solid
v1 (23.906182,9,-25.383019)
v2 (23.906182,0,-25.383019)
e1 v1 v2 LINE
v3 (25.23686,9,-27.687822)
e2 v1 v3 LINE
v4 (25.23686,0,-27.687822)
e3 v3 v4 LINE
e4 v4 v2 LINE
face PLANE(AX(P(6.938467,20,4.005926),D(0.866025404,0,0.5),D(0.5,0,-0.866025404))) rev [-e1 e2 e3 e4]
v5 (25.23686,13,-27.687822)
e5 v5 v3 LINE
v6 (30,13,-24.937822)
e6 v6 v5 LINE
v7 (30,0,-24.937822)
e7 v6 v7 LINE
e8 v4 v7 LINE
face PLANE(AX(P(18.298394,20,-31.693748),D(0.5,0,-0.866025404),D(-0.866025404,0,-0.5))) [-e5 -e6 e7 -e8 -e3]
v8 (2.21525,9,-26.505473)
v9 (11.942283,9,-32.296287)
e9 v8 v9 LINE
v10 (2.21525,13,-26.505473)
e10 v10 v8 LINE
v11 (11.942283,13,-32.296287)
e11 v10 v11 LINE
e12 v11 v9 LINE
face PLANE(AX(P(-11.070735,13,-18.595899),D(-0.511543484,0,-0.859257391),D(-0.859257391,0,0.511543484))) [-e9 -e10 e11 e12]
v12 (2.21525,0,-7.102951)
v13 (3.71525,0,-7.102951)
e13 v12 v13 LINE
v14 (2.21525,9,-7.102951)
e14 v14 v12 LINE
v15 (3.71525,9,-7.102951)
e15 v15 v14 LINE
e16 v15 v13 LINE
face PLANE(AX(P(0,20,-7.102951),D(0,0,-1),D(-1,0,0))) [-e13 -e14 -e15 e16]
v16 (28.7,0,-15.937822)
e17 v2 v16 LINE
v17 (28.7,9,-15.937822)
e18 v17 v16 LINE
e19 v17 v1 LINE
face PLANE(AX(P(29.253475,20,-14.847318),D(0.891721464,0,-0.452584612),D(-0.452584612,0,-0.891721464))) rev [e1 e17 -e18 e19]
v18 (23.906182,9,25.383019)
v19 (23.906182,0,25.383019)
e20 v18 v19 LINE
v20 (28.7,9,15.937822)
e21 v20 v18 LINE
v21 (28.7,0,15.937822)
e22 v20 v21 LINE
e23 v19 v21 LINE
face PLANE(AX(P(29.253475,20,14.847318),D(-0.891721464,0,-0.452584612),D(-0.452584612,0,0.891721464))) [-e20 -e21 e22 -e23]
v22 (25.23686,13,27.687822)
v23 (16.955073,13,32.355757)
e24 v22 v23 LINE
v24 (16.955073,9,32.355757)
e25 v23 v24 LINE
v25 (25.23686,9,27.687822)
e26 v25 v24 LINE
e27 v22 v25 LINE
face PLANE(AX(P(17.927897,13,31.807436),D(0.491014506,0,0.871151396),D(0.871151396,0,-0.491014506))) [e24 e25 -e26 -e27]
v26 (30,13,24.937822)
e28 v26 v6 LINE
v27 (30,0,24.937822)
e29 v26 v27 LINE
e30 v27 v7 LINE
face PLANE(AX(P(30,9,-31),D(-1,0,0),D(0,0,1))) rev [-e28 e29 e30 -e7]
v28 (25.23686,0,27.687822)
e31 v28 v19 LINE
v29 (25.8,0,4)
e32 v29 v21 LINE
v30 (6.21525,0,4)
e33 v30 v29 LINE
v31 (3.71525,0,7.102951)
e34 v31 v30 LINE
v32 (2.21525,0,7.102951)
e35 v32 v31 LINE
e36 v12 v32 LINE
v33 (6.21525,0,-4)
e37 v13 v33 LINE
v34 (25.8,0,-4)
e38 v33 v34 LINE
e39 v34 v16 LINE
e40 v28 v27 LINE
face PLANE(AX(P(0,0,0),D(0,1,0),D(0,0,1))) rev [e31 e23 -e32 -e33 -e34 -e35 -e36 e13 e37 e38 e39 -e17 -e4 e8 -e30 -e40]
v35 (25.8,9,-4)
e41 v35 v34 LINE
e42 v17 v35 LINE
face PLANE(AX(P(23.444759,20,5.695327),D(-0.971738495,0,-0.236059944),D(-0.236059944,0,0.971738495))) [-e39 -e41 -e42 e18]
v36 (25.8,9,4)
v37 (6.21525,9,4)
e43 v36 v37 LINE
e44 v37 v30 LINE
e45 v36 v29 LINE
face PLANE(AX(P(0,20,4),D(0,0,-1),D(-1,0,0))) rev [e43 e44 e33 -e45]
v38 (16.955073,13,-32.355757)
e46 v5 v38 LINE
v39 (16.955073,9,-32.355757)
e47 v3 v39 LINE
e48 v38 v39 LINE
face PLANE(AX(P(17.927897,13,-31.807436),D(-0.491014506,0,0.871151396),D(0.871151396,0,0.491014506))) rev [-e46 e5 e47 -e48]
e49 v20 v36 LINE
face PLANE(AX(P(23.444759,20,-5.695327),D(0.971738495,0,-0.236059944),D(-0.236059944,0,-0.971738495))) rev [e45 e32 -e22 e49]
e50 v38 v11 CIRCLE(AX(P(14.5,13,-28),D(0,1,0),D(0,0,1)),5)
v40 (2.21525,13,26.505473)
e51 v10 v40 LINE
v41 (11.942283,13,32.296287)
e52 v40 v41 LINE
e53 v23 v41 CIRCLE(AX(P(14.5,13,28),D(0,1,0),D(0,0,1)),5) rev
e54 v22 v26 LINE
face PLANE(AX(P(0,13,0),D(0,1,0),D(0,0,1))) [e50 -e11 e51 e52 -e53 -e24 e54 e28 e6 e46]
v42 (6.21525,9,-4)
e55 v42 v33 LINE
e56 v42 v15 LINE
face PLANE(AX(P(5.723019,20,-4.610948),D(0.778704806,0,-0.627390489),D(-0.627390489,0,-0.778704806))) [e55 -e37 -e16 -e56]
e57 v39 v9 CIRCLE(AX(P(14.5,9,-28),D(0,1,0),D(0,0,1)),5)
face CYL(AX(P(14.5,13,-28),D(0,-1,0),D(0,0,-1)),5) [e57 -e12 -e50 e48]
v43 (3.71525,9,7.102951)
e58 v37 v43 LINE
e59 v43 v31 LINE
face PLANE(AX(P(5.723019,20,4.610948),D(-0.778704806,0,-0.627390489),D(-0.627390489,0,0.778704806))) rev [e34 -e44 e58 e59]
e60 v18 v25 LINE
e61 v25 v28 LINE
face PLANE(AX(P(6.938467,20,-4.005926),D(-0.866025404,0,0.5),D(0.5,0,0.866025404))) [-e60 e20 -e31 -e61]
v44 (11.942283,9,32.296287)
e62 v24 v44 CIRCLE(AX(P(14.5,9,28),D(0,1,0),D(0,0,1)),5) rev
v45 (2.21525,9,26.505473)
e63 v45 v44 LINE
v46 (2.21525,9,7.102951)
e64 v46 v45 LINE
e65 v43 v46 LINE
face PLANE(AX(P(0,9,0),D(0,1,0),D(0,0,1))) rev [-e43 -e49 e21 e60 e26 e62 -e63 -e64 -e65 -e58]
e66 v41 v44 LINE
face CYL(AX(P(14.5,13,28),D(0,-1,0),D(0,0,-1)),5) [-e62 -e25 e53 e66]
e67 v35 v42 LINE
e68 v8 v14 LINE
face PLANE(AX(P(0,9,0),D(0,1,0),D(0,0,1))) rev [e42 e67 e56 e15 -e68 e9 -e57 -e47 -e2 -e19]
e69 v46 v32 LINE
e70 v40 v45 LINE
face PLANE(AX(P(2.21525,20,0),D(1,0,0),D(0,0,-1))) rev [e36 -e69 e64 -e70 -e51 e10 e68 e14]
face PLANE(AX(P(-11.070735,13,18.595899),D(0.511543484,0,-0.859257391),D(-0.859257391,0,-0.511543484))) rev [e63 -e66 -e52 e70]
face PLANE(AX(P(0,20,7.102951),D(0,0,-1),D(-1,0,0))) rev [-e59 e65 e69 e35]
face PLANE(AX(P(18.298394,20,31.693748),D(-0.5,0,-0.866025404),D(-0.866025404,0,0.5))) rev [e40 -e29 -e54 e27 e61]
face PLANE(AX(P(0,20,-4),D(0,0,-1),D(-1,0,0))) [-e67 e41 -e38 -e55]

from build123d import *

# Parameters (mm, degrees)
SKETCH_1_W          = 60
SKETCH_1_H          = 62
EXTRUDE_1_DEPTH     = 9
CUT_EXTRUDE_1_DEPTH = 20
SKETCH_3_R          = 5
EXTRUDE_2_DEPTH     = 4


with BuildPart() as part:
    # 草图1 → 凸台-拉伸1 (new body)
    with BuildSketch(Plane(origin=(0, 0, 0), x_dir=(1, 0, 0), z_dir=(0, 1, 0))):
        Rectangle(SKETCH_1_W, SKETCH_1_H)
    extrude(amount=EXTRUDE_1_DEPTH)

    # 草图2 → 切除-拉伸1 (cut)
    with BuildSketch(Plane.XZ):
        Polygon((6.215250205, 4), (25.8, 4), (28.7, 15.937822174), (23.906181585, 25.383019067), (25.236860279, 27.687822174), (30, 24.937822174), (30, 31), (-30, 31), (-30, -31), (30, -31), (30, -24.937822174), (25.236860279, -27.687822174), (23.906181585, -25.383019067), (28.7, -15.937822174), (25.8, -4), (6.215250205, -4), (3.715250205, -7.102951113), (2.215250205, -7.102951113), (2.215250205, 0), (2.215250205, 7.102951113), (3.715250205, 7.102951113), align=None)
    extrude(amount=-CUT_EXTRUDE_1_DEPTH, mode=Mode.SUBTRACT)

    # 草图3 → 凸台-拉伸2 (add)
    with BuildSketch(Plane(origin=(0, 9, 0), x_dir=(1, 0, 0), z_dir=(0, 1, 0))):
        Polygon((2.215250205, 0), (30, 0), (30, 24.937822174), (25.236860279, 27.687822174), (23.906181585, 25.383019067), (28.7, 15.937822174), (25.8, 4), (6.215250205, 4), (3.715250205, 7.102951113), (2.215250205, 7.102951113), align=None)
        with BuildLine():
            Line((23.906181585, 25.383019067), (25.236860279, 27.687822174))
            Line((25.236860279, 27.687822174), (16.955072532, 32.35575698))
            ThreePointArc((16.955072532, 32.35575698), (18.817138095, 30.522363707), (19.5, 28))
            ThreePointArc((19.5, 28), (12.029027225, 23.65324333), (11.942282582, 32.296286956))
            Line((11.942282582, 32.296286956), (2.215250205, 26.50547261))
            Line((2.215250205, 26.50547261), (2.215250205, 7.102951113))
            Line((2.215250205, 7.102951113), (3.715250205, 7.102951113))
            Line((3.715250205, 7.102951113), (6.215250205, 4))
            Line((6.215250205, 4), (25.8, 4))
            Line((25.8, 4), (28.7, 15.937822174))
            Line((28.7, 15.937822174), (23.906181585, 25.383019067))
        make_face()
        with Locations((14.5, 28)):
            Circle(SKETCH_3_R)
        Polygon((25.236860279, -27.687822174), (30, -24.937822174), (30, 0), (2.215250205, 0), (2.215250205, -7.102951113), (3.715250205, -7.102951113), (6.215250205, -4), (25.8, -4), (28.7, -15.937822174), (23.906181585, -25.383019067), align=None)
        with BuildLine():
            Line((16.955072532, -32.35575698), (25.236860279, -27.687822174))
            Line((25.236860279, -27.687822174), (23.906181585, -25.383019067))
            Line((23.906181585, -25.383019067), (28.7, -15.937822174))
            Line((28.7, -15.937822174), (25.8, -4))
            Line((25.8, -4), (6.215250205, -4))
            Line((6.215250205, -4), (3.715250205, -7.102951113))
            Line((3.715250205, -7.102951113), (2.215250205, -7.102951113))
            Line((2.215250205, -7.102951113), (2.215250205, -26.50547261))
            Line((2.215250205, -26.50547261), (11.942282582, -32.296286956))
            ThreePointArc((11.942282582, -32.296286956), (12.029027225, -23.65324333), (19.5, -28))
            ThreePointArc((19.5, -28), (18.817138095, -30.522363707), (16.955072532, -32.35575698))
        make_face()
        with Locations((14.5, -28)):
            Circle(SKETCH_3_R)
    extrude(amount=EXTRUDE_2_DEPTH)


solid = part.part
